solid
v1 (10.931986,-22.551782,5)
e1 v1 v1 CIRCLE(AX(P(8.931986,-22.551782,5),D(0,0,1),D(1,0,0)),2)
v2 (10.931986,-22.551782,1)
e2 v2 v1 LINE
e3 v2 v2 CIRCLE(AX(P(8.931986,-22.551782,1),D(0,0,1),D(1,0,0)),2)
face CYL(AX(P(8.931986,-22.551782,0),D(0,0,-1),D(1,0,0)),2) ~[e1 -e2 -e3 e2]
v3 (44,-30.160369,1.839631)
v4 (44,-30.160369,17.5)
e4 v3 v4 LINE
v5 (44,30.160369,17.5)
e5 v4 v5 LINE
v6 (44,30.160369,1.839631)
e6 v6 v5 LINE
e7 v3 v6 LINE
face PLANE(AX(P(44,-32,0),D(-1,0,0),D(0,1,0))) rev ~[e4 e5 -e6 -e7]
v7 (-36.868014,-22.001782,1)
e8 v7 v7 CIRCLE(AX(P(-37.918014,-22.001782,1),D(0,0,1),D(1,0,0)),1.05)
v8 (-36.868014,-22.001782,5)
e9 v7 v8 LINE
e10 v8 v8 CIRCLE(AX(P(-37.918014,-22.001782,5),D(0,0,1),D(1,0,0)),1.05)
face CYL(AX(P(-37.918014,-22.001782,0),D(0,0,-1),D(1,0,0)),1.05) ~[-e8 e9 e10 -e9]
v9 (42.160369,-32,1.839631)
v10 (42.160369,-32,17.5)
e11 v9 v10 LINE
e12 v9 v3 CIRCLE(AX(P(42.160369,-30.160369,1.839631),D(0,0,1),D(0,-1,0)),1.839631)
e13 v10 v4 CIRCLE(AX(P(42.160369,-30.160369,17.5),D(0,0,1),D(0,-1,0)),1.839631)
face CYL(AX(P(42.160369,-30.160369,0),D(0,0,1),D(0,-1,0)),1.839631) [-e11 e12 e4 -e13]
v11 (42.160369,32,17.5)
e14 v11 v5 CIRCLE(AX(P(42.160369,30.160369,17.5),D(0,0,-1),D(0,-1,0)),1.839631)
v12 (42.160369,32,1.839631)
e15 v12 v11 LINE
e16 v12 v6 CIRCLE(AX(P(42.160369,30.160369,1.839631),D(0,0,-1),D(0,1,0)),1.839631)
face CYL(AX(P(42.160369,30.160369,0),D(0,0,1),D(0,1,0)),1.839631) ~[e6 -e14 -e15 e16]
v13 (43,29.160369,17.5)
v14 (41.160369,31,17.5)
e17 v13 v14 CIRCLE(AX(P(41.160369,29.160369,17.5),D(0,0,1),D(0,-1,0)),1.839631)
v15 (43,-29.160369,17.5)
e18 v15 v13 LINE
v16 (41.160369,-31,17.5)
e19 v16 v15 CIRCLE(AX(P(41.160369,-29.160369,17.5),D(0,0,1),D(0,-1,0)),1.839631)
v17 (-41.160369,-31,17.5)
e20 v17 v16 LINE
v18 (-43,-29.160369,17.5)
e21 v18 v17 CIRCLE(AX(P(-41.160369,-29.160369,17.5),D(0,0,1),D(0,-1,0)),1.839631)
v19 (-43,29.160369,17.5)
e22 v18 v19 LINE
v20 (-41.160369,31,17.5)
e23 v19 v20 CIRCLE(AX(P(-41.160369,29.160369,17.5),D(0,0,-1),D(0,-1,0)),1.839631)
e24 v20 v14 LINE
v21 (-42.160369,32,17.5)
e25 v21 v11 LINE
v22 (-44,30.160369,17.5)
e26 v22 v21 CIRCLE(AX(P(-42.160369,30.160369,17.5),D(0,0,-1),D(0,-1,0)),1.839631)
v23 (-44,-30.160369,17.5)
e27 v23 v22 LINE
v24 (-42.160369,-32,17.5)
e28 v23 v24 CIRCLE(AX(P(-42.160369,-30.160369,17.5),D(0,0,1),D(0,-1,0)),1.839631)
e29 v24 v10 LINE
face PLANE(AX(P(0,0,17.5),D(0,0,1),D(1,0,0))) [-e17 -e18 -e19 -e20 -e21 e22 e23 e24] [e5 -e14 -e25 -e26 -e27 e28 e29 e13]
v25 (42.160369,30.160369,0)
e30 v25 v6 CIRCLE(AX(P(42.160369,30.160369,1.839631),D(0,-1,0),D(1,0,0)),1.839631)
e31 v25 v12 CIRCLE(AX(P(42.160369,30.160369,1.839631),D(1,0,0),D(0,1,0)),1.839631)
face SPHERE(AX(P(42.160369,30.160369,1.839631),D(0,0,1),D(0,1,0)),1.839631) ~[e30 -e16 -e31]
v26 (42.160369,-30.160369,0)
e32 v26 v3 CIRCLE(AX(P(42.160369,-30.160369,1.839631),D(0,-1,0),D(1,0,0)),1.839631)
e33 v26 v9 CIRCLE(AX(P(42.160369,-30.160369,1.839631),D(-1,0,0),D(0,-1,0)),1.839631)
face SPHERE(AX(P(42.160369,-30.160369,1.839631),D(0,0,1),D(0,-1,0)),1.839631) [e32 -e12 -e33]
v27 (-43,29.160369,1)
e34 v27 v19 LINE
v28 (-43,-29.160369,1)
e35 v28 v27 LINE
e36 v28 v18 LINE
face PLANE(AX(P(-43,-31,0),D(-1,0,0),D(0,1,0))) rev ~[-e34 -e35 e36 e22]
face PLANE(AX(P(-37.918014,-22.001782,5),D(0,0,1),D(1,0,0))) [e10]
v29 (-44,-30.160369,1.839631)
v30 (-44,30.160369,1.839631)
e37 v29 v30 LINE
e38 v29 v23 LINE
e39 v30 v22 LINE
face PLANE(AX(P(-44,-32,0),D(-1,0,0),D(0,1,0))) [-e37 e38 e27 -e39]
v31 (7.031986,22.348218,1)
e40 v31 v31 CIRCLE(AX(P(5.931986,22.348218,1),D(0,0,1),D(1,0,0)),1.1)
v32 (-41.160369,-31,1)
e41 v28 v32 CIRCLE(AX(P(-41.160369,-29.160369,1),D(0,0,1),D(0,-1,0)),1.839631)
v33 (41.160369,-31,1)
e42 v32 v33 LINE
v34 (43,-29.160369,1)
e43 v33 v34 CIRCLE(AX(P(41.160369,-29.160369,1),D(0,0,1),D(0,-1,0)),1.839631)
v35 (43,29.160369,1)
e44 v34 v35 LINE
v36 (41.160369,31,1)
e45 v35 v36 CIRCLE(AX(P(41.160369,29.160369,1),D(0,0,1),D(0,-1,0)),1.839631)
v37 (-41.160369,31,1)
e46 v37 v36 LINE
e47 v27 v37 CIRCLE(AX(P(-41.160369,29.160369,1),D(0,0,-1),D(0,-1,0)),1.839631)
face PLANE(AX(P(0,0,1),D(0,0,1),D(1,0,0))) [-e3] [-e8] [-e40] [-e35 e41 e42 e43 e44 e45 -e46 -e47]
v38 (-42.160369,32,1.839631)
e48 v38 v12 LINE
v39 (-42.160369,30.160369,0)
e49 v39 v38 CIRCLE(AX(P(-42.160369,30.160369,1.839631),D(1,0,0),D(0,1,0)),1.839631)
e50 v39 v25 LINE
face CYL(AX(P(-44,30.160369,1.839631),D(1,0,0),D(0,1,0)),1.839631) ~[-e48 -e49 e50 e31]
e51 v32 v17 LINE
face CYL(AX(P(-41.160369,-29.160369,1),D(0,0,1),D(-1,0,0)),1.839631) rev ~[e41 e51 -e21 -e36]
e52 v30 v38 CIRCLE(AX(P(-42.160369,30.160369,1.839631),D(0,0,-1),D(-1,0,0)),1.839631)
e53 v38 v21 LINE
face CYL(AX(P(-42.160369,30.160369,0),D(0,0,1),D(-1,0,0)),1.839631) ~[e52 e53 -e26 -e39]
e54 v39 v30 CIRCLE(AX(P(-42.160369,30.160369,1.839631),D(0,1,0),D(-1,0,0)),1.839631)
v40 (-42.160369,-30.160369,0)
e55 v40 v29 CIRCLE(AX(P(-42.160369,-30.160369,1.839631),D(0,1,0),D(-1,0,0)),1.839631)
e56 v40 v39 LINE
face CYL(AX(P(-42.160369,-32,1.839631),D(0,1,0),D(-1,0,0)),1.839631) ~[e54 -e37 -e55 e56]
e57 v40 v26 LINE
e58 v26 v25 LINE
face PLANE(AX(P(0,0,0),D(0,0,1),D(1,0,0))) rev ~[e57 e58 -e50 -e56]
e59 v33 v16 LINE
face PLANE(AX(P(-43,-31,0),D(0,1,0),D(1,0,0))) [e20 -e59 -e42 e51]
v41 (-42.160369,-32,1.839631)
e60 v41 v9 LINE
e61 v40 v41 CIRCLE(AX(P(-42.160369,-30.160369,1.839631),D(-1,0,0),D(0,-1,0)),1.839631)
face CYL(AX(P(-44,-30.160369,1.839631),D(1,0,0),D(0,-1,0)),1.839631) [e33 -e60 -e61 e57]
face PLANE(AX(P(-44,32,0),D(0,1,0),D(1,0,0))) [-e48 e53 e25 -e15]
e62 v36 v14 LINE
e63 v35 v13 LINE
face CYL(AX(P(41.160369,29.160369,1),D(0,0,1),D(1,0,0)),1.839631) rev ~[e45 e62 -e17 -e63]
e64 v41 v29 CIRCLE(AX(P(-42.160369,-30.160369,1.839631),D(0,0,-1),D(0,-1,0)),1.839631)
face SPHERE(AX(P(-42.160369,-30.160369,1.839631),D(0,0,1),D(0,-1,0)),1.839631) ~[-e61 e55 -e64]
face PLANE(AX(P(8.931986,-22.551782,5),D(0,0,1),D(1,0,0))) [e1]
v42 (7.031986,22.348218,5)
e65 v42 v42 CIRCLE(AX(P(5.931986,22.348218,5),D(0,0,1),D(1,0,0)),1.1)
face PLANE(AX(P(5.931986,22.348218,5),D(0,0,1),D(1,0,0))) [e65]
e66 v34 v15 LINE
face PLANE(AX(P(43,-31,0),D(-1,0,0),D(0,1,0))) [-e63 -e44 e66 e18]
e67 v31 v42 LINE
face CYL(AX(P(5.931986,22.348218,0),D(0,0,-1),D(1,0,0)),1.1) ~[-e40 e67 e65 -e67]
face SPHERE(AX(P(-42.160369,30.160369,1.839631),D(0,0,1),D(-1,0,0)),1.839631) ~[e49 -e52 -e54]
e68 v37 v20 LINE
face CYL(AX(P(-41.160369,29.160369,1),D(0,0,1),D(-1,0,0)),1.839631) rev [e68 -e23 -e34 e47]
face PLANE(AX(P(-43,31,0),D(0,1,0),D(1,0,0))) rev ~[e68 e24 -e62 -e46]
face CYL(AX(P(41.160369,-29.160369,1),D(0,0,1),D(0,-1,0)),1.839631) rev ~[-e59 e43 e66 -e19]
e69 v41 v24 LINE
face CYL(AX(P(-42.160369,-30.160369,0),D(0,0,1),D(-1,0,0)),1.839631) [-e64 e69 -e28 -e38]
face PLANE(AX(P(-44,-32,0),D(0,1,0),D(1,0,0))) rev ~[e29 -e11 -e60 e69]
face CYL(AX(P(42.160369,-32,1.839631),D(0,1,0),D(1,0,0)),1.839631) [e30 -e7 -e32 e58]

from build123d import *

# Parameters (mm, degrees)
F0_W     = 88
F0_H     = 64
F0_W_2   = 86
F0_H_2   = 62
F1_DEPTH = 17.5
F0_W_3   = 53
F0_H_3   = 57
F0_W_4   = 26
F0_H_4   = 52
F0_R     = 1.05
F0_R_2   = 2
F0_R_3   = 1.1
F2_DEPTH = 1
F3_DEPTH = 5
F4_R     = 1.8396307345


with BuildPart() as f1:
    # F0 (on Top) → F1 (new body)
    with BuildSketch(Plane.XY):
        Rectangle(F0_W, F0_H)
        Rectangle(F0_W_2, F0_H_2, mode=Mode.SUBTRACT)
    extrude(amount=F1_DEPTH)

    # F0 (on Top) → F2 (join)
    with BuildSketch(Plane.XY):
        Rectangle(F0_W_2, F0_H_2)
        with Locations((-14.4680143297, -0.051781863)):
            Rectangle(F0_W_3, F0_H_3, mode=Mode.SUBTRACT)
        with Locations((28.3339827135, -0.5997789651)):
            Rectangle(F0_W_4, F0_H_4, mode=Mode.SUBTRACT)
        with Locations((-14.4680143297, -0.051781863)):
            Rectangle(F0_W_3, F0_H_3)
        with Locations((-37.9180143297, -22.001781863)):
            Circle(F0_R, mode=Mode.SUBTRACT)
        with Locations((8.9319856703, -22.551781863)):
            Circle(F0_R_2, mode=Mode.SUBTRACT)
        with Locations((5.9319856703, 22.348218137)):
            Circle(F0_R_3, mode=Mode.SUBTRACT)
        with Locations((28.3339827135, -0.5997789651)):
            Rectangle(F0_W_4, F0_H_4)
    extrude(amount=F2_DEPTH)

    # F0 (on Top) → F3 (join)
    with BuildSketch(Plane.XY):
        with Locations((8.9319856703, -22.551781863)):
            Circle(F0_R_2)
        with Locations((-37.9180143297, -22.001781863)):
            Circle(F0_R)
        with Locations((5.9319856703, 22.348218137)):
            Circle(F0_R_3)
    extrude(amount=F3_DEPTH)

    # F4
    f4_edges = [f1.edges().sort_by_distance(p)[0] for p in [
        (-44, -32, 8.75),
        (44, -32, 8.75),
        (44, 32, 8.75),
        (-44, 32, 8.75),
        (0, -32, 0),
        (-44, 0, 0),
        (0, 32, 0),
        (44, 0, 0),
        (-43, -31, 9.25),
        (-43, 31, 9.25),
        (43, 31, 9.25),
        (43, -31, 9.25),
    ]]
    fillet(f4_edges, radius=F4_R)


solid = f1.part
